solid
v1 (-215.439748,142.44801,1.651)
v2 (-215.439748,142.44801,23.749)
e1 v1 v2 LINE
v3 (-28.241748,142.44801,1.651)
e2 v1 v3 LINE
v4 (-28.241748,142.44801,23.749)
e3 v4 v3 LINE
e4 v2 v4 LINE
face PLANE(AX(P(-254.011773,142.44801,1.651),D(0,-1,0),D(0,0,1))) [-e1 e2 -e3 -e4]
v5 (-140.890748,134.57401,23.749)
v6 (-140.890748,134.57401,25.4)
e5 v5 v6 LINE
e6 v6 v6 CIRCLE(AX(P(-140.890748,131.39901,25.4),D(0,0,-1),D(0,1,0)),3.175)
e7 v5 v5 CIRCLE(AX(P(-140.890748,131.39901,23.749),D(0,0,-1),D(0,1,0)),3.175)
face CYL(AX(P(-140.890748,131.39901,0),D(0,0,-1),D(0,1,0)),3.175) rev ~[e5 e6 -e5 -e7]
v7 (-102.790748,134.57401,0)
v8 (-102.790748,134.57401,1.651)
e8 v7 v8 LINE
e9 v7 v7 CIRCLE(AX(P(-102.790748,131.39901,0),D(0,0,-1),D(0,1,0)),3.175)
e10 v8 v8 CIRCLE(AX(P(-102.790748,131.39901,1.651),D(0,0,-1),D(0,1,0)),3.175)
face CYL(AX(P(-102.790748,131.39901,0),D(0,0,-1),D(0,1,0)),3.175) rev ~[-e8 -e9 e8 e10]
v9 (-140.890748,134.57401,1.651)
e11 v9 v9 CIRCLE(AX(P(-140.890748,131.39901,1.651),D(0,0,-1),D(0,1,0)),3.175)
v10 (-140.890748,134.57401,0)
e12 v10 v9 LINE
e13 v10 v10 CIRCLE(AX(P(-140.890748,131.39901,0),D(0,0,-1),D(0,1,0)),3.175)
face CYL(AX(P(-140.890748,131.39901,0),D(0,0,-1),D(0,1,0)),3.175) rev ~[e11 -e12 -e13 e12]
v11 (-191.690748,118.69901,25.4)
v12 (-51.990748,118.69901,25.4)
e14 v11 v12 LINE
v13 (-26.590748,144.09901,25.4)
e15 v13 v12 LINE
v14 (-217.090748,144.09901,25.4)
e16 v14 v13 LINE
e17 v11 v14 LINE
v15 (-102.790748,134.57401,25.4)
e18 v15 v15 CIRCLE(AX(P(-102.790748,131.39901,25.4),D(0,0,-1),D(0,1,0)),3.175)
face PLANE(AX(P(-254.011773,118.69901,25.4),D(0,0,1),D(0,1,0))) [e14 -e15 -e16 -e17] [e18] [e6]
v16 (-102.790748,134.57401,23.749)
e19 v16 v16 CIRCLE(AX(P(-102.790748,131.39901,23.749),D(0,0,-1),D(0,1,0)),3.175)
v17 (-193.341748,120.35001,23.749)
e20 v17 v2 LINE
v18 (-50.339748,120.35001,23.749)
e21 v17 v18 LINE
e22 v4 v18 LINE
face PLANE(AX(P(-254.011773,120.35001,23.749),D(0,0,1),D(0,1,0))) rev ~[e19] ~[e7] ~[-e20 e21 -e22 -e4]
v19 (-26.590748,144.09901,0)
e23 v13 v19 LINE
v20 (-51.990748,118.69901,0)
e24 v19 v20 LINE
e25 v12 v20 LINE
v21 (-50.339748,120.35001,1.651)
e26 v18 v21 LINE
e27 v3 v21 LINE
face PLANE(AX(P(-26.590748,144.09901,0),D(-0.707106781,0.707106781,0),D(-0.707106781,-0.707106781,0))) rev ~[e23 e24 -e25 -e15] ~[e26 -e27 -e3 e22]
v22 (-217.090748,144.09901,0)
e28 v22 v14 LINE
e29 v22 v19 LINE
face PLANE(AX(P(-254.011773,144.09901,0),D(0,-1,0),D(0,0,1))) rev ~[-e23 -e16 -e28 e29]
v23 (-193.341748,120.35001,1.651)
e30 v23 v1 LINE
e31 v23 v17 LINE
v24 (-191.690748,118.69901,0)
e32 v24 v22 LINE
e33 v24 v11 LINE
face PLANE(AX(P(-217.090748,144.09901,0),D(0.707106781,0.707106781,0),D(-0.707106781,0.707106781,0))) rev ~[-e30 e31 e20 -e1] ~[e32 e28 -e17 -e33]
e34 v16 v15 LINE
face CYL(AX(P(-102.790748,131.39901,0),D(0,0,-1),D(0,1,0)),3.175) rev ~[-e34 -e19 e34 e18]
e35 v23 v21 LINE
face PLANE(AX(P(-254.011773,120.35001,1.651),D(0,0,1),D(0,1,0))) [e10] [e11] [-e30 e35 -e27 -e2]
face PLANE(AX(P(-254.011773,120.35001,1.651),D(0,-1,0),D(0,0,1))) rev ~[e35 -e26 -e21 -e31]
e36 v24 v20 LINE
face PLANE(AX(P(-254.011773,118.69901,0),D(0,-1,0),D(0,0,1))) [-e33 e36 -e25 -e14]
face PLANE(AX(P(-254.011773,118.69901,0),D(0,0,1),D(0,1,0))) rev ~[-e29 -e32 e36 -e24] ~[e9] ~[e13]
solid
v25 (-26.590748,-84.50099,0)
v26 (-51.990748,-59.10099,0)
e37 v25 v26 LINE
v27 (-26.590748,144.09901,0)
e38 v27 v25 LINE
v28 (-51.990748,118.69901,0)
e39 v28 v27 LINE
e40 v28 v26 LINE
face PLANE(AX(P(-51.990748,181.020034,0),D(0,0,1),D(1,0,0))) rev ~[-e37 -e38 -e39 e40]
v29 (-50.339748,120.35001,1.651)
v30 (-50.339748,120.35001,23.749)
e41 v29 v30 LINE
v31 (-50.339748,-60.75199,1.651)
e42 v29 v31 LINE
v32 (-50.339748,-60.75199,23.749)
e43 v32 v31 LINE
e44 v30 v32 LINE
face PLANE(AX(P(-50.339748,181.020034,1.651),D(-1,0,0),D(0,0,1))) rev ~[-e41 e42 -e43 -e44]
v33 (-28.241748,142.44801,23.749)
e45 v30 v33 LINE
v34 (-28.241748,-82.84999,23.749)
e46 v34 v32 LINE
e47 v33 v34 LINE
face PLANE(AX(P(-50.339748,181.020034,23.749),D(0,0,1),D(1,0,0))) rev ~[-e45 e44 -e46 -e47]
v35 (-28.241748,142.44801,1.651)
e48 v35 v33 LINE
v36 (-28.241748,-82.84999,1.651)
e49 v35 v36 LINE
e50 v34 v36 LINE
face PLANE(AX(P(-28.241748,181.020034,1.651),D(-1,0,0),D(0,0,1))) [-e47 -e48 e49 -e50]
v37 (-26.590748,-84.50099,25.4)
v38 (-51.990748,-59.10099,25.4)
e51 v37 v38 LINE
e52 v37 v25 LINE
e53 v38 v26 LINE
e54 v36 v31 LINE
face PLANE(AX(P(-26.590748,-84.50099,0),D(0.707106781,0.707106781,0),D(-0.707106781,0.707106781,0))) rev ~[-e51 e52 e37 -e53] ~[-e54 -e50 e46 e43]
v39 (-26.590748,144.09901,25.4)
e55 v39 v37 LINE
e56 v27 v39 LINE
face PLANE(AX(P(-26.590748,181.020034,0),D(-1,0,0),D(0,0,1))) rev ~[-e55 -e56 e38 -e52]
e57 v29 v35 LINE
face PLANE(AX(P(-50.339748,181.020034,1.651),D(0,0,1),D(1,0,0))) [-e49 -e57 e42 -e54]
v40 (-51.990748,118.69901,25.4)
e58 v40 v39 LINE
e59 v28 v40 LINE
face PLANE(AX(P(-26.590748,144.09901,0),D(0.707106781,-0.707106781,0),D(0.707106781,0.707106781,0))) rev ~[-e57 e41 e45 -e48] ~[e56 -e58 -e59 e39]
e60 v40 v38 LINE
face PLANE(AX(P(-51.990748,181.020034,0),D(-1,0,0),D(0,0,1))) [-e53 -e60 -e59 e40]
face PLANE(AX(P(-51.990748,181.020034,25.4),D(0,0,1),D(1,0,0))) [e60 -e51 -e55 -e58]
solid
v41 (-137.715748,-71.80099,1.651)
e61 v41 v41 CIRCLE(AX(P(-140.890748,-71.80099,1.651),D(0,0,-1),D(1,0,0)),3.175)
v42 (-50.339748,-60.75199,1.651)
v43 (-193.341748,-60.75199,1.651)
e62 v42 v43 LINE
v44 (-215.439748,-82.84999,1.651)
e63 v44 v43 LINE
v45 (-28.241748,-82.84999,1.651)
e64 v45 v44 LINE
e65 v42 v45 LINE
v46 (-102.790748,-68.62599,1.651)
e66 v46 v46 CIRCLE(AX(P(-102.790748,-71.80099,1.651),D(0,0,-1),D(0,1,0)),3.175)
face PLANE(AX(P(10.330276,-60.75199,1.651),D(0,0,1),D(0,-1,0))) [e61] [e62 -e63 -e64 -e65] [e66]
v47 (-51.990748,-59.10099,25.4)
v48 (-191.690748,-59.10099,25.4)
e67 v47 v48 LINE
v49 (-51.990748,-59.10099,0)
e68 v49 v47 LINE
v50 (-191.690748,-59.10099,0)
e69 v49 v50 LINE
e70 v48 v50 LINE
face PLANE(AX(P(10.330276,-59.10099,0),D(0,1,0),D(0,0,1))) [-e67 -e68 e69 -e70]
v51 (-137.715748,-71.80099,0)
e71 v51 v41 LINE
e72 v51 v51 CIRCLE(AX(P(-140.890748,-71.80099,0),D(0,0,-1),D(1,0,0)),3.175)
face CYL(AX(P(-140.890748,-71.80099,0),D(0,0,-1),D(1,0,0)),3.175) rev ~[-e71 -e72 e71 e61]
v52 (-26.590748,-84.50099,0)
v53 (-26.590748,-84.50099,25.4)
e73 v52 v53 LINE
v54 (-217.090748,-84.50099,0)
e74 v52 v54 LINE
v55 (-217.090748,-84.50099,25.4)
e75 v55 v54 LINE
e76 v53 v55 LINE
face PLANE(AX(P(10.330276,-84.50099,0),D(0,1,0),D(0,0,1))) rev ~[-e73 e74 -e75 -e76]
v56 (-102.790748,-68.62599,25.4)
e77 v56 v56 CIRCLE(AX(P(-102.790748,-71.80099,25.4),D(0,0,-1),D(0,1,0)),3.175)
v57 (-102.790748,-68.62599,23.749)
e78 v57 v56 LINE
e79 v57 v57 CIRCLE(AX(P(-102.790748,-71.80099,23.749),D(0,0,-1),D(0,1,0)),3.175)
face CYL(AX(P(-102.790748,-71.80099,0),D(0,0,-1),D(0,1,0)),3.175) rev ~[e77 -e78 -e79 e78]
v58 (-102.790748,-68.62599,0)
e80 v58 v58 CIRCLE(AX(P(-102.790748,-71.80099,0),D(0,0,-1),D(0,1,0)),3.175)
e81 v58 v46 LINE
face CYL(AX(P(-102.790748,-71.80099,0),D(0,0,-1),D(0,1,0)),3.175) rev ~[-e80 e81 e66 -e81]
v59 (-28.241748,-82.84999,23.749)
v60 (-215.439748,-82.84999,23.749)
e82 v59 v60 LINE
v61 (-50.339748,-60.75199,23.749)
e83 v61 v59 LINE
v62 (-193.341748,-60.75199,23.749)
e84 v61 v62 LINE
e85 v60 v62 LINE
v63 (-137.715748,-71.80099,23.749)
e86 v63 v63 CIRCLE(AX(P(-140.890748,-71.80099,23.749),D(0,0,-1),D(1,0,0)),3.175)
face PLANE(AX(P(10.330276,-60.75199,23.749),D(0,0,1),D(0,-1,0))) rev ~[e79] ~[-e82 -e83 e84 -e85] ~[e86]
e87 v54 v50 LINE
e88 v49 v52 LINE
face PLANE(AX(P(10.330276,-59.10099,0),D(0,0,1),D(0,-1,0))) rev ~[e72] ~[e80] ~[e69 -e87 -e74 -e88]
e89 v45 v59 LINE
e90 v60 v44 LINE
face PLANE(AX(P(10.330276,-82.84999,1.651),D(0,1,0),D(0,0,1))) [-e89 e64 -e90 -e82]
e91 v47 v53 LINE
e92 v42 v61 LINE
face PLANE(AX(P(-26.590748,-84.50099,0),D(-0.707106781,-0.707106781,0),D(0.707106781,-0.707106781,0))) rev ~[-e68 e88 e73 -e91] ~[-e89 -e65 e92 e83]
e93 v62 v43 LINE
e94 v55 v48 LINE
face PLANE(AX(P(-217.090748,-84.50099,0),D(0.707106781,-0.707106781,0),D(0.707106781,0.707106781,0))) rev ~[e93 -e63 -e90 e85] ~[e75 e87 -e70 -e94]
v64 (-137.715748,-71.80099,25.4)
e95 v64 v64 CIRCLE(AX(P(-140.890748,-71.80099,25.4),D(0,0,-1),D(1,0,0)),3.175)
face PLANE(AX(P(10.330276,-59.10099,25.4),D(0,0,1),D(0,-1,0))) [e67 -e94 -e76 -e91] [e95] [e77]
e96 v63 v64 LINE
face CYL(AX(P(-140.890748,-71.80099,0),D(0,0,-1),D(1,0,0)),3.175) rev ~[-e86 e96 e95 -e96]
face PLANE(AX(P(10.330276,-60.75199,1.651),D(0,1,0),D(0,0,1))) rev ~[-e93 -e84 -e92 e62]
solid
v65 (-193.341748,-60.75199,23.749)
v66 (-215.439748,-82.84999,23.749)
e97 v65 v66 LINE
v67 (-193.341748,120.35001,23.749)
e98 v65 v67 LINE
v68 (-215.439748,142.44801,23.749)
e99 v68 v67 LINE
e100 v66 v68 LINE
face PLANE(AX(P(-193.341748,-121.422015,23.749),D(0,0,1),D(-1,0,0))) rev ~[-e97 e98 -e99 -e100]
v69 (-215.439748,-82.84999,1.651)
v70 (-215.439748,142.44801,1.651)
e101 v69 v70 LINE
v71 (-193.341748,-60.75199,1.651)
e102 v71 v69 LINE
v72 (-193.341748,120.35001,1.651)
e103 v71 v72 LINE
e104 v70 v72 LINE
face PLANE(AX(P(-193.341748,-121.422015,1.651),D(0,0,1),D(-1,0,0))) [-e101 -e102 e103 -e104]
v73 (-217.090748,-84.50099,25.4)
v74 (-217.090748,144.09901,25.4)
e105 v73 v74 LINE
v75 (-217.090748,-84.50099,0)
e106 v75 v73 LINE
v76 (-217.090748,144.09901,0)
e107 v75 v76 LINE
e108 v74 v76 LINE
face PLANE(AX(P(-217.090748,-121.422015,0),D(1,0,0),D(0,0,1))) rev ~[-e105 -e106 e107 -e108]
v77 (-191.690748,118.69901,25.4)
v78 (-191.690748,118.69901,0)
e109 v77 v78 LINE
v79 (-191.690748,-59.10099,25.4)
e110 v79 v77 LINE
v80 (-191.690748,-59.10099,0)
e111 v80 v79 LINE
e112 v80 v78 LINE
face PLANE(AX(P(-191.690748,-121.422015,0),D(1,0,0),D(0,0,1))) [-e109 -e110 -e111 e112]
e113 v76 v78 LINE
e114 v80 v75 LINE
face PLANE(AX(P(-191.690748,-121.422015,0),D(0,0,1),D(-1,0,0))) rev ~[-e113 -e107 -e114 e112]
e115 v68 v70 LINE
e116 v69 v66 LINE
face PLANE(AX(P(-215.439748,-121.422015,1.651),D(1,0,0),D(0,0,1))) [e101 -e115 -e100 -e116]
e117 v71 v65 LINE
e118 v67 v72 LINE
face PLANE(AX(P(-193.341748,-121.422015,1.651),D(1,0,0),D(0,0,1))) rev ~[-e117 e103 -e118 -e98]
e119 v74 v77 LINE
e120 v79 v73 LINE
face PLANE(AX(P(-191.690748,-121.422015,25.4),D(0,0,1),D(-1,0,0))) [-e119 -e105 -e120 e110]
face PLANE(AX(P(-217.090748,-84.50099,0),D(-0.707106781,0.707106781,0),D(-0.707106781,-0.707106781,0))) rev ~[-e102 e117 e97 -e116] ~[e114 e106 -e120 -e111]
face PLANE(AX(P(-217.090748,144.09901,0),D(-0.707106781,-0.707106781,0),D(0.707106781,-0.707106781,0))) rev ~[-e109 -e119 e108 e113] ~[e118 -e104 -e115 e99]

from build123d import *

# Parameters (mm, degrees)
STRUCTURAL_MEMBER1_DEPTH      = 227.421024484
STRUCTURAL_MEMBER1_DEPTH_BACK = 36.921024484
SKETCH11_W                    = 25.4
SKETCH11_H                    = 25.4
SKETCH11_W_2                  = 22.098
SKETCH11_H_2                  = 22.098
SKETCH11_ON_SEGMENT_2_W       = 25.4
SKETCH11_ON_SEGMENT_2_H       = 25.4
SKETCH11_ON_SEGMENT_2_W_2     = 22.098
SKETCH11_ON_SEGMENT_2_H_2     = 22.098
STRUCTURAL_MEMBER1_2_DEPTH    = 302.442048969
SKETCH11_ON_SEGMENT_3_W       = 25.4
SKETCH11_ON_SEGMENT_3_H       = 25.4
SKETCH11_ON_SEGMENT_3_W_2     = 22.098
SKETCH11_ON_SEGMENT_3_H_2     = 22.098
STRUCTURAL_MEMBER1_3_DEPTH    = 264.342048969
SKETCH11_ON_SEGMENT_4_W       = 25.4
SKETCH11_ON_SEGMENT_4_H       = 25.4
SKETCH11_ON_SEGMENT_4_W_2     = 22.098
SKETCH11_ON_SEGMENT_4_H_2     = 22.098
STRUCTURAL_MEMBER1_4_DEPTH    = 302.442048969
SKETCH13_R                    = 3.175
CUT_EXTRUDE1_DEPTH            = 262.797779946
SKETCH14_R                    = 3.175
CUT_EXTRUDE2_DEPTH            = 262.797779946


with BuildPart() as part:
    # Sketch11 → Structural Member1 (new, two sides: drawn at the far end of the back side and taken through both)
    with BuildSketch(Plane(origin=(-217.090748408, 131.399009505, 12.7), x_dir=(0, 1, 0), z_dir=(1, 0, 0)).offset(-STRUCTURAL_MEMBER1_DEPTH_BACK)):
        Rectangle(SKETCH11_W, SKETCH11_H)
        Rectangle(SKETCH11_W_2, SKETCH11_H_2, mode=Mode.SUBTRACT)
    extrude(amount=STRUCTURAL_MEMBER1_DEPTH + STRUCTURAL_MEMBER1_DEPTH_BACK)

    # Structural Member1 mitre 1
    split(bisect_by=Plane(origin=(-217.090748408, 144.099009505, 0), x_dir=(-0.707106781, 0.707106781, 0), z_dir=(0.707106781, 0.707106781, 0)), keep=Keep.TOP)

    # Structural Member1 mitre 2
    split(bisect_by=Plane(origin=(-26.590748408, 144.099009505, 0), x_dir=(-0.707106781, -0.707106781, 0), z_dir=(-0.707106781, 0.707106781, 0)), keep=Keep.TOP)

    # Sketch13 → Cut-Extrude1 (cut, through all)
    with BuildSketch(Plane(origin=(0, 0, 0), x_dir=(-1, 0, 0), z_dir=(0, 0, -1))):
        with Locations(Location((102.790748408, 131.399009505, 0), (0, 0, 90))):
            Circle(SKETCH13_R)
        with Locations(Location((140.890748408, 131.399009505, 0), (0, 0, 90))):
            Circle(SKETCH13_R)
    extrude(amount=-CUT_EXTRUDE1_DEPTH, mode=Mode.SUBTRACT)


with BuildPart() as body_2:
    # Sketch11 on segment 2 (carried to segment 2) → Structural Member1 2 (new body)
    with BuildSketch(Plane(origin=(-39.290748408, 181.020033989, 12.7), x_dir=(1, 0, 0), z_dir=(0, -1, 0))):
        Rectangle(SKETCH11_ON_SEGMENT_2_W, SKETCH11_ON_SEGMENT_2_H)
        Rectangle(SKETCH11_ON_SEGMENT_2_W_2, SKETCH11_ON_SEGMENT_2_H_2, mode=Mode.SUBTRACT)
    extrude(amount=STRUCTURAL_MEMBER1_2_DEPTH)

    # Structural Member1 2 mitre 1
    split(bisect_by=Plane(origin=(-26.590748408, 144.099009505, 0), x_dir=(0.707106781, 0.707106781, 0), z_dir=(0.707106781, -0.707106781, 0)), keep=Keep.TOP)

    # Structural Member1 2 mitre 2
    split(bisect_by=Plane(origin=(-26.590748408, -84.500990495, 0), x_dir=(-0.707106781, 0.707106781, 0), z_dir=(0.707106781, 0.707106781, 0)), keep=Keep.TOP)


with BuildPart() as body_3:
    # Sketch11 on segment 3 (carried to segment 3) → Structural Member1 3 (new body)
    with BuildSketch(Plane(origin=(10.330276076, -71.800990495, 12.7), x_dir=(0, -1, 0), z_dir=(-1, 0, 0))):
        Rectangle(SKETCH11_ON_SEGMENT_3_W, SKETCH11_ON_SEGMENT_3_H)
        Rectangle(SKETCH11_ON_SEGMENT_3_W_2, SKETCH11_ON_SEGMENT_3_H_2, mode=Mode.SUBTRACT)
    extrude(amount=STRUCTURAL_MEMBER1_3_DEPTH)

    # Structural Member1 3 mitre 1
    split(bisect_by=Plane(origin=(-217.090748408, -84.500990495, 0), x_dir=(0.707106781, 0.707106781, 0), z_dir=(0.707106781, -0.707106781, 0)), keep=Keep.TOP)

    # Structural Member1 3 mitre 2
    split(bisect_by=Plane(origin=(-26.590748408, -84.500990495, 0), x_dir=(0.707106781, -0.707106781, 0), z_dir=(-0.707106781, -0.707106781, 0)), keep=Keep.TOP)

    # Sketch14 → Cut-Extrude2 (cut, through all)
    with BuildSketch(Plane(origin=(0, 0, 0), x_dir=(-1, 0, 0), z_dir=(0, 0, -1))):
        with Locations(Location((140.890748408, -71.800990495, 0), (0, 0, 180))):
            Circle(SKETCH14_R)
        with Locations(Location((102.790748408, -71.800990495, 0), (0, 0, 90))):
            Circle(SKETCH14_R)
    extrude(amount=-CUT_EXTRUDE2_DEPTH, mode=Mode.SUBTRACT)


with BuildPart() as body_4:
    # Sketch11 on segment 4 (carried to segment 4) → Structural Member1 4 (new body)
    with BuildSketch(Plane(origin=(-204.390748408, -121.422014979, 12.7), x_dir=(-1, 0, 0), z_dir=(0, 1, 0))):
        Rectangle(SKETCH11_ON_SEGMENT_4_W, SKETCH11_ON_SEGMENT_4_H)
        Rectangle(SKETCH11_ON_SEGMENT_4_W_2, SKETCH11_ON_SEGMENT_4_H_2, mode=Mode.SUBTRACT)
    extrude(amount=STRUCTURAL_MEMBER1_4_DEPTH)

    # Structural Member1 4 mitre 1
    split(bisect_by=Plane(origin=(-217.090748408, 144.099009505, 0), x_dir=(0.707106781, -0.707106781, 0), z_dir=(-0.707106781, -0.707106781, 0)), keep=Keep.TOP)

    # Structural Member1 4 mitre 2
    split(bisect_by=Plane(origin=(-217.090748408, -84.500990495, 0), x_dir=(-0.707106781, -0.707106781, 0), z_dir=(-0.707106781, 0.707106781, 0)), keep=Keep.TOP)


solid = Compound([part.part, body_2.part, body_3.part, body_4.part])
